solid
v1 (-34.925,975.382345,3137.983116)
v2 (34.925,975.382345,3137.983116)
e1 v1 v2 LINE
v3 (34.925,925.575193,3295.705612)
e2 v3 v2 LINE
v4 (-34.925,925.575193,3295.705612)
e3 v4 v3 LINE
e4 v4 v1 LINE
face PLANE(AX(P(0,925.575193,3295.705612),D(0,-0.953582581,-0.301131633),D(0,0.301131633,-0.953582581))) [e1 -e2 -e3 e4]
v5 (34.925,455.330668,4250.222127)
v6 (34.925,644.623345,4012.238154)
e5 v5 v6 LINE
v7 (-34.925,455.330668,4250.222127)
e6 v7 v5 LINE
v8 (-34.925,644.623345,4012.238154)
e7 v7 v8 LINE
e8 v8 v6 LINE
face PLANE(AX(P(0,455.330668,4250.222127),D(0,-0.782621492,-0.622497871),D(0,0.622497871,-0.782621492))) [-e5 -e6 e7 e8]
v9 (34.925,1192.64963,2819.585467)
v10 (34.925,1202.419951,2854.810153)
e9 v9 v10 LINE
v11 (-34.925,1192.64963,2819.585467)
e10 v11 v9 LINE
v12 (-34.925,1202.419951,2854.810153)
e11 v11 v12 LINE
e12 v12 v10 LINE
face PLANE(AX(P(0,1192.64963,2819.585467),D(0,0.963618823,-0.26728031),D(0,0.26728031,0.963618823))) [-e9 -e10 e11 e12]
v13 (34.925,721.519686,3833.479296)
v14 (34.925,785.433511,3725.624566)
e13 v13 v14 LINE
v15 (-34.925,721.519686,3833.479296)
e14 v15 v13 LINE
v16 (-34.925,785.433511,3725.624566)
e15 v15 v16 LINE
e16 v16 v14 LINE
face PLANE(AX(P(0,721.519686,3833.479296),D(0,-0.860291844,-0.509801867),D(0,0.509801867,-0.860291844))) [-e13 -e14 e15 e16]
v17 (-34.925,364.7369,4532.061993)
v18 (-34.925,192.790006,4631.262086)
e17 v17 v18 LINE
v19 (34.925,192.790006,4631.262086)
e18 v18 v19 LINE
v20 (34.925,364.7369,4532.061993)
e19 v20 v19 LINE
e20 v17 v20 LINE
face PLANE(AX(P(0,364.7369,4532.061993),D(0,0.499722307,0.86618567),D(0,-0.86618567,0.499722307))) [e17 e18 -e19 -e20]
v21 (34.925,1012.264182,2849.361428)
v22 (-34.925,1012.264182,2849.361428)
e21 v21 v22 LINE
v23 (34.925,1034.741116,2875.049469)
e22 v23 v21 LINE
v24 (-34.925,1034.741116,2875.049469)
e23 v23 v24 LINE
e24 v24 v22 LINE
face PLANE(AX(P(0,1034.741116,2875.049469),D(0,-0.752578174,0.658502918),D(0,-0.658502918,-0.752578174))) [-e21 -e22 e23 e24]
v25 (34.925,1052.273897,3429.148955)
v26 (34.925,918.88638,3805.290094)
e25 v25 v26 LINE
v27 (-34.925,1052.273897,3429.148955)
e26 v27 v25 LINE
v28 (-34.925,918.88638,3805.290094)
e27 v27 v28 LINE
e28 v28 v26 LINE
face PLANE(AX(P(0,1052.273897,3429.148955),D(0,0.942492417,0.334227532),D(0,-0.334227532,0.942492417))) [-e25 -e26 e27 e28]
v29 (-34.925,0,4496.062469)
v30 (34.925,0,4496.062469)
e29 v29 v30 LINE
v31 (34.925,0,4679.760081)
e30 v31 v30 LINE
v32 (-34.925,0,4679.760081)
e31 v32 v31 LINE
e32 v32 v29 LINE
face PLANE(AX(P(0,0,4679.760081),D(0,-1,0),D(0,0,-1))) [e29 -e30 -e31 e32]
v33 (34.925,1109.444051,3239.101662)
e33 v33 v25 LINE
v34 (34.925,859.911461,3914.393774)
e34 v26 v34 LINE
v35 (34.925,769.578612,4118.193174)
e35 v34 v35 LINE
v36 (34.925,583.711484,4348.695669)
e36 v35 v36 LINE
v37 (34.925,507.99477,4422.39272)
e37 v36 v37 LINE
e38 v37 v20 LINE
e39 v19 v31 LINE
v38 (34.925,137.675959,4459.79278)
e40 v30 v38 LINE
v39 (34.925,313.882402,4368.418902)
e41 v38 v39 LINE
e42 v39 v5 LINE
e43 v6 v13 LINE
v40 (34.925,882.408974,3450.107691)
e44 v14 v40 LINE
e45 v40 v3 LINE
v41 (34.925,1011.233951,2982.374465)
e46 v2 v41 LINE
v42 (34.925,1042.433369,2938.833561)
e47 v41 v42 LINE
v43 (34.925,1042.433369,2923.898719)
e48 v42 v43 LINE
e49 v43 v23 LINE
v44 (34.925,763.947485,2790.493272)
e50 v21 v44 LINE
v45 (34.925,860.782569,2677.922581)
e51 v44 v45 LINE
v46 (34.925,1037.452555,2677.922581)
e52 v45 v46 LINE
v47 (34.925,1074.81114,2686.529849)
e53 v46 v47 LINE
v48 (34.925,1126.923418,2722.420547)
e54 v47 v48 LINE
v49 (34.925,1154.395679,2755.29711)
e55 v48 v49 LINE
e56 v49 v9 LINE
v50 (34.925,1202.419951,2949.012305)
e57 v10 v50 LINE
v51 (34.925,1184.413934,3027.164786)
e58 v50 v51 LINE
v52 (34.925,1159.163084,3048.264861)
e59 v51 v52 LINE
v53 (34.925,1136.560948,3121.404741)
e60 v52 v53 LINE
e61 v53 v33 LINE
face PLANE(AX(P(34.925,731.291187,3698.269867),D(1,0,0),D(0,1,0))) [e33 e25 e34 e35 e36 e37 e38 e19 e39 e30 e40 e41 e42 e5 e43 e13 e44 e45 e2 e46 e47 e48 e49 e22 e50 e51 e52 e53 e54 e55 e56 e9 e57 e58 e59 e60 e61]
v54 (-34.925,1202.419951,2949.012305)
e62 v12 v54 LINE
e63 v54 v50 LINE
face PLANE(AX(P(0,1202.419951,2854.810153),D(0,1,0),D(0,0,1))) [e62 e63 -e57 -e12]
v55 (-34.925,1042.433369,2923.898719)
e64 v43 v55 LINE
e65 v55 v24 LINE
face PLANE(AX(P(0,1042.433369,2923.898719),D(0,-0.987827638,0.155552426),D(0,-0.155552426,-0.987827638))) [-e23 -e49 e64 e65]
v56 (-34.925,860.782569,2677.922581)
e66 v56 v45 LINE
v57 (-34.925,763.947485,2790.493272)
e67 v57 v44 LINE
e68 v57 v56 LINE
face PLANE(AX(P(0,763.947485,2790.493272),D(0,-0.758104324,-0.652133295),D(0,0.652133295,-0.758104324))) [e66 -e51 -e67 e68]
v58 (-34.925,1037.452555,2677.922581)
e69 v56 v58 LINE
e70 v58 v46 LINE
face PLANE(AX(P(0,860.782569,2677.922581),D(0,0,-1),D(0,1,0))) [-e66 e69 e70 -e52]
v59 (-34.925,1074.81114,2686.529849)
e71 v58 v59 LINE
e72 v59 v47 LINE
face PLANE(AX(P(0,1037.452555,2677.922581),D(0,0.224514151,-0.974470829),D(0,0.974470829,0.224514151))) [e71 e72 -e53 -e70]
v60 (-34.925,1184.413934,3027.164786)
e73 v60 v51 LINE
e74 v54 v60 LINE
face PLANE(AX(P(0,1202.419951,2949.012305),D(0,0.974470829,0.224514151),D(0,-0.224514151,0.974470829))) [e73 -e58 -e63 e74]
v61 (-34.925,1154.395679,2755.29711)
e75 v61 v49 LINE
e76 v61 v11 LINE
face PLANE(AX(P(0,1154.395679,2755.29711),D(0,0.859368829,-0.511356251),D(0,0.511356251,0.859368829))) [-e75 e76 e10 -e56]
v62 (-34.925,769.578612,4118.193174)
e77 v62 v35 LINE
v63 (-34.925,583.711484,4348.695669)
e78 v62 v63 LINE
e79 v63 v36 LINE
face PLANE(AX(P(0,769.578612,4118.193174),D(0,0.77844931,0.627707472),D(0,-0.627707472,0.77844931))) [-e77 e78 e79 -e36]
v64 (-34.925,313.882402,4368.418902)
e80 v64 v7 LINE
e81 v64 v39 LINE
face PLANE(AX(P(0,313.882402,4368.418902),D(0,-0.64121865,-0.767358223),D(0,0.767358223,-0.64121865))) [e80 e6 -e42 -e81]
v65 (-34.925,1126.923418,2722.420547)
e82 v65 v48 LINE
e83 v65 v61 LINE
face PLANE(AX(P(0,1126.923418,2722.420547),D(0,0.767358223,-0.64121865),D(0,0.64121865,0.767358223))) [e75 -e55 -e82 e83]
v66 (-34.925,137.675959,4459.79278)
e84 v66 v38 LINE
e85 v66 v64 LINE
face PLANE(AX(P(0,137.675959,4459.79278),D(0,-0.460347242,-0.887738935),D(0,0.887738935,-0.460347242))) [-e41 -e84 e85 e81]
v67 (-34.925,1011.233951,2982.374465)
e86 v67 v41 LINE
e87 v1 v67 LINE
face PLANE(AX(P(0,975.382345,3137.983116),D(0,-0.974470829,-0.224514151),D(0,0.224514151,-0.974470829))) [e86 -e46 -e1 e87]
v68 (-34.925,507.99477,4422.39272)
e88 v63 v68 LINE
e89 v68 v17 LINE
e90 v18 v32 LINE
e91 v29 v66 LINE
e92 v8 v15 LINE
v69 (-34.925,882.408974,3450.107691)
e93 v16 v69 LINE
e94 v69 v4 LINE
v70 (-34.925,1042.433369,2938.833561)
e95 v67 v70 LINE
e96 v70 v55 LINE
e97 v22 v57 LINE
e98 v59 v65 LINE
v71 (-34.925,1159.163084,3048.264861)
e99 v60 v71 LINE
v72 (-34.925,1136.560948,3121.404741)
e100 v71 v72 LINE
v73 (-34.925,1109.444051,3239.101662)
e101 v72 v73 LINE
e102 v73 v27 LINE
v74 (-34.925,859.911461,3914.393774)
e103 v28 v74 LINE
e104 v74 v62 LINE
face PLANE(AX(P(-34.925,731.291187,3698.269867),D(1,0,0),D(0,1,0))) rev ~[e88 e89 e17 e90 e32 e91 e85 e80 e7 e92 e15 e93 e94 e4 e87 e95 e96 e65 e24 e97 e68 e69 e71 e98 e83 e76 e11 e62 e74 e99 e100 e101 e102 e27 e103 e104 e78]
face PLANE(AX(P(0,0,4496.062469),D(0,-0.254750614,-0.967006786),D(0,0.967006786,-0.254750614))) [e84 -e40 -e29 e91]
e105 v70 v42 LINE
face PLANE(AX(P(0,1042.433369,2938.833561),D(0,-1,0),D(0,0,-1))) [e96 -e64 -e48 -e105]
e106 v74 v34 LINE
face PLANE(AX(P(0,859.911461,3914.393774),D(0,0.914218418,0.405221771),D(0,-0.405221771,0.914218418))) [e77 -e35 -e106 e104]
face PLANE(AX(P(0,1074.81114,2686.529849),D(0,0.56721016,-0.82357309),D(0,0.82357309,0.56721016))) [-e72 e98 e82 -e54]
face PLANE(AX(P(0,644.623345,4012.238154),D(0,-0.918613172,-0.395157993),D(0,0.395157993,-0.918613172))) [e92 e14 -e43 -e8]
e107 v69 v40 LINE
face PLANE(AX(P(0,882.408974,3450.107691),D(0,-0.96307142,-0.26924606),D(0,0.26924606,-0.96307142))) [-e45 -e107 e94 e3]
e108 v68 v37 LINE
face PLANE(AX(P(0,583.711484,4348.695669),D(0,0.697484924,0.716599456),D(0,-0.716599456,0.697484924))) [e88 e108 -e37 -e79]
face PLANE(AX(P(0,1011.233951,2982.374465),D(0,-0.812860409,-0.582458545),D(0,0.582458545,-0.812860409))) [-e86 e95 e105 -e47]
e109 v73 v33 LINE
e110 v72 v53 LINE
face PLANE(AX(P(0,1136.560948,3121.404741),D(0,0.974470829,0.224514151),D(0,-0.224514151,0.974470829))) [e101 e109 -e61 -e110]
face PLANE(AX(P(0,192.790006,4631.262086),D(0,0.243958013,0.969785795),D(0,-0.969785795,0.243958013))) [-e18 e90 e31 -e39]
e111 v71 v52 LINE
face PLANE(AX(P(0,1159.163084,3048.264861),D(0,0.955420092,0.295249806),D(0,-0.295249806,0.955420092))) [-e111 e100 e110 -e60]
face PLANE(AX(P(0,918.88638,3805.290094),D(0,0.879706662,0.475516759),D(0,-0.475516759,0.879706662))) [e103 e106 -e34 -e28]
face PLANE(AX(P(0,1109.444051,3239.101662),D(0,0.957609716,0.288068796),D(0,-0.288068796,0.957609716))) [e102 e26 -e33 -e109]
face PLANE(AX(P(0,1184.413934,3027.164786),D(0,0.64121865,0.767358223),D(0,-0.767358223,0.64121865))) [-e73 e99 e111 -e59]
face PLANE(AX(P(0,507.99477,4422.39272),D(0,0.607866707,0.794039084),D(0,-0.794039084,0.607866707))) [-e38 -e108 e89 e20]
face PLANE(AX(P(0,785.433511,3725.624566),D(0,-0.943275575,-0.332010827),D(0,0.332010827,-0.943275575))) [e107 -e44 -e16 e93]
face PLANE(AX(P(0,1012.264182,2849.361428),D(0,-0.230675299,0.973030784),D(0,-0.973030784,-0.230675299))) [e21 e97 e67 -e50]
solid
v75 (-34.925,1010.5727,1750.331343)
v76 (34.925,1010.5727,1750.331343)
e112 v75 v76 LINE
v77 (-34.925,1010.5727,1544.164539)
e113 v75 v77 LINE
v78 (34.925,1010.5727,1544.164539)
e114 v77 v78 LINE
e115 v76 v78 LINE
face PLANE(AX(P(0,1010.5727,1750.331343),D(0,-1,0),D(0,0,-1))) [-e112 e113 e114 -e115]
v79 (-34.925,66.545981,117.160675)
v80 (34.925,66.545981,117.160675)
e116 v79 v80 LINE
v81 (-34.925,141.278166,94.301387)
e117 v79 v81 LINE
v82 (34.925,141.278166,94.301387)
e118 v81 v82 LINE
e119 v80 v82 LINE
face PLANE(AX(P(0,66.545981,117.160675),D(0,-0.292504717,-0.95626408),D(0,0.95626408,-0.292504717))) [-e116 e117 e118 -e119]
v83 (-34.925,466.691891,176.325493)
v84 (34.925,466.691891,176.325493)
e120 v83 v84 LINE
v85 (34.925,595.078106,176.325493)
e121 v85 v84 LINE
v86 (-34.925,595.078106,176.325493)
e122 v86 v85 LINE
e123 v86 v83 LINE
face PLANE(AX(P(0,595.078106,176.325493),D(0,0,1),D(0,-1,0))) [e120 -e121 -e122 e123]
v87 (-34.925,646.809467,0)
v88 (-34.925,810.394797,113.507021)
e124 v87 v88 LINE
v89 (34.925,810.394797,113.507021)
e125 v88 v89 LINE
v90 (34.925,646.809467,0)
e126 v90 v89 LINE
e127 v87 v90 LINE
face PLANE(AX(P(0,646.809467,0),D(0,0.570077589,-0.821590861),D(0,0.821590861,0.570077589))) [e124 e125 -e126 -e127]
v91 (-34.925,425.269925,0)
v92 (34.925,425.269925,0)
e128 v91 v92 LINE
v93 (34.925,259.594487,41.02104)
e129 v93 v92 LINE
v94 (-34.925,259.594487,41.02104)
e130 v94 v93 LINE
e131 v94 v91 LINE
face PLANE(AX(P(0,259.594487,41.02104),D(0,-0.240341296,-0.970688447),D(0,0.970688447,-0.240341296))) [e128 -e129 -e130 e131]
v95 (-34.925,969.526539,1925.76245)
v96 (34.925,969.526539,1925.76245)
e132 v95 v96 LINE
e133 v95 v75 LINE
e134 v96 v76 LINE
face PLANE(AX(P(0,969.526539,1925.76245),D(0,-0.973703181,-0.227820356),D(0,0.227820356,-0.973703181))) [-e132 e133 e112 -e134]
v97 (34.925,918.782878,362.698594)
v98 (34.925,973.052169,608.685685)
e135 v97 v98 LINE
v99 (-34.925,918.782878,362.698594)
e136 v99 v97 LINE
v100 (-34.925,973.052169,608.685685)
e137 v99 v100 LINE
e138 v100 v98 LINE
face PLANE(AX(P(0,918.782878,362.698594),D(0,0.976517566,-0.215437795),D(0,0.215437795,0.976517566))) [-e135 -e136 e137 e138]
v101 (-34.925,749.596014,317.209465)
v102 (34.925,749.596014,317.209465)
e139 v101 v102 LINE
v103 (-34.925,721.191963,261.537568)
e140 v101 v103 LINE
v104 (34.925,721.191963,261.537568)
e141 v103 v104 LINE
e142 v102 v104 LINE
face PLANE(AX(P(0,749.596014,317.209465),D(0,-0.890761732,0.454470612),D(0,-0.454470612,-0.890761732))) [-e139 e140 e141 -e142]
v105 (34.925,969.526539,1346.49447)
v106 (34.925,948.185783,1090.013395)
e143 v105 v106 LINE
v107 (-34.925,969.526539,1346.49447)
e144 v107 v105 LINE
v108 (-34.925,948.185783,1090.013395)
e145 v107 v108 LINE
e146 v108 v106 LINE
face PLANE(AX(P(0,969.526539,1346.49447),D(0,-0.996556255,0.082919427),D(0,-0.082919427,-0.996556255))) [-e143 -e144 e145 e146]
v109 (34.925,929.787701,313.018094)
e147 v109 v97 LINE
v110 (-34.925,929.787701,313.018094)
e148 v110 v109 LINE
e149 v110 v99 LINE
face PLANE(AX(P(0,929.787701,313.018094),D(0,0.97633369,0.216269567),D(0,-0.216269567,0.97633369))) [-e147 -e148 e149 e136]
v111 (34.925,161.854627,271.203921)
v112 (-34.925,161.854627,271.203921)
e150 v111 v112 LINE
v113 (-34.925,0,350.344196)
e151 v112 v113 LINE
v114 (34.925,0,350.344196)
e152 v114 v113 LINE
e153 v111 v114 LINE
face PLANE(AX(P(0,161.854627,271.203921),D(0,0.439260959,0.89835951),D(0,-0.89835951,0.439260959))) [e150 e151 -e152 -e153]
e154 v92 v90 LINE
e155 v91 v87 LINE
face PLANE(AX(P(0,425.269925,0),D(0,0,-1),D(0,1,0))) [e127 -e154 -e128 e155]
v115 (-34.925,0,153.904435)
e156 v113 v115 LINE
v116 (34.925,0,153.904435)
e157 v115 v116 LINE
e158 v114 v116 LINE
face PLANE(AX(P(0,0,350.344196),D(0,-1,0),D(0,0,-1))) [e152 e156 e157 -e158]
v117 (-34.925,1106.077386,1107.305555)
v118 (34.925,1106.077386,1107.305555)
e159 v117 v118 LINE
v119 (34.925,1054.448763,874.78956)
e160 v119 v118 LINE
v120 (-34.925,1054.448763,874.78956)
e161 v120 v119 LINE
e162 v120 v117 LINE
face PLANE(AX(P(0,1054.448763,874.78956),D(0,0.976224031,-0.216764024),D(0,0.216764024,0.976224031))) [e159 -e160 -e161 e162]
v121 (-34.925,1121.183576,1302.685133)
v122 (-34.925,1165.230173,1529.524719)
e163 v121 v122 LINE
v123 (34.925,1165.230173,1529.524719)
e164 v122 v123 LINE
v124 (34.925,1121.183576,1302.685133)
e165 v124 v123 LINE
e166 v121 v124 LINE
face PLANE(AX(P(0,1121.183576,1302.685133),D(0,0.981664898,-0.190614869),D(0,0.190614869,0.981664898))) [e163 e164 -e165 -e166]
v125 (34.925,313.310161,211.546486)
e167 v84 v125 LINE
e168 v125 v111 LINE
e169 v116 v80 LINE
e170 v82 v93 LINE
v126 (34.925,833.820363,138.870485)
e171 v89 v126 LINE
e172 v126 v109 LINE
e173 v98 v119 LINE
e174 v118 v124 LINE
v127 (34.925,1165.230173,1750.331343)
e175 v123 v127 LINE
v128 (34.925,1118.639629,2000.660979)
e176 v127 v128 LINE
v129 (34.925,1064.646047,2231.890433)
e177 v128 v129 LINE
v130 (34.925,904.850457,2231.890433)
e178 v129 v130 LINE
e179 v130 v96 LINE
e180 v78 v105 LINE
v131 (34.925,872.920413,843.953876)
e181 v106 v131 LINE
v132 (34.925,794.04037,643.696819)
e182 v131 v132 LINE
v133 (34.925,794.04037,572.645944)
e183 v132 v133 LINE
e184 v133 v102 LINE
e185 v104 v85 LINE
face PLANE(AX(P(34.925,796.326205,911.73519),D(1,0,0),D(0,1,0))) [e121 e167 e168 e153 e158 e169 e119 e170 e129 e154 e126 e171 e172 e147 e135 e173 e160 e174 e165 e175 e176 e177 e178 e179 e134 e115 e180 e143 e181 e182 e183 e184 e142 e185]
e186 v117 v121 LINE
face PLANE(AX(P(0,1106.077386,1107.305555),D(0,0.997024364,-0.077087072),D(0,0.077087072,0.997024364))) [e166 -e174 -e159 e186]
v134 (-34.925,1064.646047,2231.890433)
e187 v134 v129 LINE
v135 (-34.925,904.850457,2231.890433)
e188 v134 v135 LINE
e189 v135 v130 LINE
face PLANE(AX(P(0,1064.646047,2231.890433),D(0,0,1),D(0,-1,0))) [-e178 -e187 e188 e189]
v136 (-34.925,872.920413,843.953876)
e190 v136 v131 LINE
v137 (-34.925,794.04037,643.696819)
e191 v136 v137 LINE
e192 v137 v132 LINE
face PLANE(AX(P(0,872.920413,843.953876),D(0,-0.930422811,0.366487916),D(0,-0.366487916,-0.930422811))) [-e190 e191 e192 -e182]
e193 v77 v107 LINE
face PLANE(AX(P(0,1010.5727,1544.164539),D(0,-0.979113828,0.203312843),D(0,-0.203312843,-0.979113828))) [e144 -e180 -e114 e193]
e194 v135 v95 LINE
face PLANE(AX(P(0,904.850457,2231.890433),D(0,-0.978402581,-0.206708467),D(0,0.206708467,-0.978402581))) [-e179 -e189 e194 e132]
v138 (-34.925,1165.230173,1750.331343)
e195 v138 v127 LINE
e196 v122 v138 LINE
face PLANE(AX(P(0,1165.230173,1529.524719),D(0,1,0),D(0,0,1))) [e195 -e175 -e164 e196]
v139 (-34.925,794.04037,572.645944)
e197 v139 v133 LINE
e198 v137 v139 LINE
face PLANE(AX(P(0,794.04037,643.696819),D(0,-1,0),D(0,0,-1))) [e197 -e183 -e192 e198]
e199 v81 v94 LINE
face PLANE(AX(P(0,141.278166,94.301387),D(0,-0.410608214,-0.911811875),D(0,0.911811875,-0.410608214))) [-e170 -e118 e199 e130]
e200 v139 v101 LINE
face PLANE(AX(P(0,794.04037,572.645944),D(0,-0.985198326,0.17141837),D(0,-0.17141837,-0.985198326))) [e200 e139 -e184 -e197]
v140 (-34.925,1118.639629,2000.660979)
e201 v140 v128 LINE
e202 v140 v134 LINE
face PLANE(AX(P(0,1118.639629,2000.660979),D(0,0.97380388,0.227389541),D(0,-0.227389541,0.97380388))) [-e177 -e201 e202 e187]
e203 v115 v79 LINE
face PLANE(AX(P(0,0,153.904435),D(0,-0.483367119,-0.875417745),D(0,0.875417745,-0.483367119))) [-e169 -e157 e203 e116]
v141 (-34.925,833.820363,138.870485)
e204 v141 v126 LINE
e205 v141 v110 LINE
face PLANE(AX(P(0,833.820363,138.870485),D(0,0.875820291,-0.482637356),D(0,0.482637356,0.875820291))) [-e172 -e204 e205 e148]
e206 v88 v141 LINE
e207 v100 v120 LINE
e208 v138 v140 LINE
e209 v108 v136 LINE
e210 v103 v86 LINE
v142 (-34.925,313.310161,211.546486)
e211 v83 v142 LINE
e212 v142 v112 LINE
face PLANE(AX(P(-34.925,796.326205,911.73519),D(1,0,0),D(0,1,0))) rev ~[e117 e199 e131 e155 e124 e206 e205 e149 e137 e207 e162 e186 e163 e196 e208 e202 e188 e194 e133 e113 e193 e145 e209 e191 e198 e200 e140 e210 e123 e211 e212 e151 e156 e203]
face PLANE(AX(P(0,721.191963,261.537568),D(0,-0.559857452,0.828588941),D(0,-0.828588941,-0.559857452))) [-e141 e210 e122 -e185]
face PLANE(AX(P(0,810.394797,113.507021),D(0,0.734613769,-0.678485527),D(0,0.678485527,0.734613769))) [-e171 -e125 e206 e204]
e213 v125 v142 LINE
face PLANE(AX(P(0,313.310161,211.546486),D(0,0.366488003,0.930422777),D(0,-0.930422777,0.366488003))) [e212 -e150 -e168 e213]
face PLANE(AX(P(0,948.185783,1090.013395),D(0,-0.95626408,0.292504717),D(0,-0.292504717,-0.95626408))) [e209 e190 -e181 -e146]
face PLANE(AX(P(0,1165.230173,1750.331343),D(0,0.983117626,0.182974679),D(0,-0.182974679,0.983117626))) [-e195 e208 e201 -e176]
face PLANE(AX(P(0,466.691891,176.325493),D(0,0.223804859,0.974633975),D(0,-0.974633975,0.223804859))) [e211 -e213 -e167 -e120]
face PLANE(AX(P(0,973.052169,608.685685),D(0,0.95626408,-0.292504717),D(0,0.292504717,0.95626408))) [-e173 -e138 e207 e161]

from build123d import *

# Parameters (mm, degrees)
F1_DEPTH = 34.925


with BuildPart() as f1:
    # F0 (on Right) → F1 (new body, symmetric)
    with BuildSketch(Plane.YZ):
        Polygon((0, 350.3441957332), (0, 153.9044350681), (66.545981199, 117.1606754217), (141.2781657966, 94.3013869244), (259.5944866446, 41.0210398331), (425.2699246819, 0), (646.8094668392, 0), (810.3947972327, 113.5070205467), (833.8203634852, 138.8704849541), (929.787701284, 313.018094407), (918.7828775607, 362.6985941281), (973.0521689621, 608.6856846322), (1054.4487625531, 874.7895600253), (1106.0773858303, 1107.3055545564), (1121.18357592, 1302.6851334089), (1165.2301725068, 1529.5247187173), (1165.2301725068, 1750.3313428338), (1118.6396285553, 2000.6609793652), (1064.646047002, 2231.8904325191), (904.8504565538, 2231.8904325191), (969.5265388502, 1925.7624502381), (1010.5726996796, 1750.3313428338), (1010.5726996796, 1544.1645388312), (969.5265388502, 1346.4944701282), (948.1857828979, 1090.0133952791), (872.9204127305, 843.9538760676), (794.0403696346, 643.6968190836), (794.0403696346, 572.6459441288), (749.5960138581, 317.2094646777), (721.1919633948, 261.5375675371), (595.078105659, 176.3254925512), (466.691891287, 176.3254925512), (313.3101614059, 211.5464855828), (161.8546271347, 271.2039206358), align=None)
    extrude(amount=F1_DEPTH, both=True)


with BuildPart() as f1b:
    # F0 (on Right) → F1, piece 2 (new body, symmetric)
    with BuildSketch(Plane.YZ):
        Polygon((1012.2641822218, 2849.3614280556), (763.9474853009, 2790.4932717226), (860.7825687209, 2677.9225811069), (1037.452554841, 2677.9225811069), (1074.8111399017, 2686.5298485251), (1126.9234179405, 2722.4205471477), (1154.3956787528, 2755.2971099888), (1192.649630175, 2819.5854674866), (1202.4199508907, 2854.8101533779), (1202.4199508907, 2949.0123053893), (1184.4139343749, 3027.1647859531), (1159.1630841978, 3048.2648609564), (1136.560947524, 3121.4047414268), (1109.444051396, 3239.1016621045), (1052.2738974126, 3429.1489553207), (918.8863795038, 3805.290093518), (859.911461324, 3914.3937736483), (769.5786124235, 4118.193174447), (583.7114835589, 4348.6956690716), (507.9947695343, 4422.3927199343), (364.7368998644, 4532.0619933598), (192.7900055698, 4631.2620859919), (0, 4679.7600811069), (0, 4496.0624691033), (137.6759594531, 4459.792780326), (313.8824018485, 4368.4189015473), (455.3306684024, 4250.2221274809), (644.6233448437, 4012.2381538213), (721.5196855906, 3833.4792959519), (785.4335107126, 3725.6245664339), (882.4089737365, 3450.1076913059), (925.5751925752, 3295.7056115608), (975.3823446493, 3137.9831161338), (1011.2339507746, 2982.3744645247), (1042.4333686769, 2938.8335605023), (1042.4333686769, 2923.8987191018), (1034.7411164921, 2875.0494693611), align=None)
    extrude(amount=F1_DEPTH, both=True)


solid = Compound([f1.part, f1b.part])
